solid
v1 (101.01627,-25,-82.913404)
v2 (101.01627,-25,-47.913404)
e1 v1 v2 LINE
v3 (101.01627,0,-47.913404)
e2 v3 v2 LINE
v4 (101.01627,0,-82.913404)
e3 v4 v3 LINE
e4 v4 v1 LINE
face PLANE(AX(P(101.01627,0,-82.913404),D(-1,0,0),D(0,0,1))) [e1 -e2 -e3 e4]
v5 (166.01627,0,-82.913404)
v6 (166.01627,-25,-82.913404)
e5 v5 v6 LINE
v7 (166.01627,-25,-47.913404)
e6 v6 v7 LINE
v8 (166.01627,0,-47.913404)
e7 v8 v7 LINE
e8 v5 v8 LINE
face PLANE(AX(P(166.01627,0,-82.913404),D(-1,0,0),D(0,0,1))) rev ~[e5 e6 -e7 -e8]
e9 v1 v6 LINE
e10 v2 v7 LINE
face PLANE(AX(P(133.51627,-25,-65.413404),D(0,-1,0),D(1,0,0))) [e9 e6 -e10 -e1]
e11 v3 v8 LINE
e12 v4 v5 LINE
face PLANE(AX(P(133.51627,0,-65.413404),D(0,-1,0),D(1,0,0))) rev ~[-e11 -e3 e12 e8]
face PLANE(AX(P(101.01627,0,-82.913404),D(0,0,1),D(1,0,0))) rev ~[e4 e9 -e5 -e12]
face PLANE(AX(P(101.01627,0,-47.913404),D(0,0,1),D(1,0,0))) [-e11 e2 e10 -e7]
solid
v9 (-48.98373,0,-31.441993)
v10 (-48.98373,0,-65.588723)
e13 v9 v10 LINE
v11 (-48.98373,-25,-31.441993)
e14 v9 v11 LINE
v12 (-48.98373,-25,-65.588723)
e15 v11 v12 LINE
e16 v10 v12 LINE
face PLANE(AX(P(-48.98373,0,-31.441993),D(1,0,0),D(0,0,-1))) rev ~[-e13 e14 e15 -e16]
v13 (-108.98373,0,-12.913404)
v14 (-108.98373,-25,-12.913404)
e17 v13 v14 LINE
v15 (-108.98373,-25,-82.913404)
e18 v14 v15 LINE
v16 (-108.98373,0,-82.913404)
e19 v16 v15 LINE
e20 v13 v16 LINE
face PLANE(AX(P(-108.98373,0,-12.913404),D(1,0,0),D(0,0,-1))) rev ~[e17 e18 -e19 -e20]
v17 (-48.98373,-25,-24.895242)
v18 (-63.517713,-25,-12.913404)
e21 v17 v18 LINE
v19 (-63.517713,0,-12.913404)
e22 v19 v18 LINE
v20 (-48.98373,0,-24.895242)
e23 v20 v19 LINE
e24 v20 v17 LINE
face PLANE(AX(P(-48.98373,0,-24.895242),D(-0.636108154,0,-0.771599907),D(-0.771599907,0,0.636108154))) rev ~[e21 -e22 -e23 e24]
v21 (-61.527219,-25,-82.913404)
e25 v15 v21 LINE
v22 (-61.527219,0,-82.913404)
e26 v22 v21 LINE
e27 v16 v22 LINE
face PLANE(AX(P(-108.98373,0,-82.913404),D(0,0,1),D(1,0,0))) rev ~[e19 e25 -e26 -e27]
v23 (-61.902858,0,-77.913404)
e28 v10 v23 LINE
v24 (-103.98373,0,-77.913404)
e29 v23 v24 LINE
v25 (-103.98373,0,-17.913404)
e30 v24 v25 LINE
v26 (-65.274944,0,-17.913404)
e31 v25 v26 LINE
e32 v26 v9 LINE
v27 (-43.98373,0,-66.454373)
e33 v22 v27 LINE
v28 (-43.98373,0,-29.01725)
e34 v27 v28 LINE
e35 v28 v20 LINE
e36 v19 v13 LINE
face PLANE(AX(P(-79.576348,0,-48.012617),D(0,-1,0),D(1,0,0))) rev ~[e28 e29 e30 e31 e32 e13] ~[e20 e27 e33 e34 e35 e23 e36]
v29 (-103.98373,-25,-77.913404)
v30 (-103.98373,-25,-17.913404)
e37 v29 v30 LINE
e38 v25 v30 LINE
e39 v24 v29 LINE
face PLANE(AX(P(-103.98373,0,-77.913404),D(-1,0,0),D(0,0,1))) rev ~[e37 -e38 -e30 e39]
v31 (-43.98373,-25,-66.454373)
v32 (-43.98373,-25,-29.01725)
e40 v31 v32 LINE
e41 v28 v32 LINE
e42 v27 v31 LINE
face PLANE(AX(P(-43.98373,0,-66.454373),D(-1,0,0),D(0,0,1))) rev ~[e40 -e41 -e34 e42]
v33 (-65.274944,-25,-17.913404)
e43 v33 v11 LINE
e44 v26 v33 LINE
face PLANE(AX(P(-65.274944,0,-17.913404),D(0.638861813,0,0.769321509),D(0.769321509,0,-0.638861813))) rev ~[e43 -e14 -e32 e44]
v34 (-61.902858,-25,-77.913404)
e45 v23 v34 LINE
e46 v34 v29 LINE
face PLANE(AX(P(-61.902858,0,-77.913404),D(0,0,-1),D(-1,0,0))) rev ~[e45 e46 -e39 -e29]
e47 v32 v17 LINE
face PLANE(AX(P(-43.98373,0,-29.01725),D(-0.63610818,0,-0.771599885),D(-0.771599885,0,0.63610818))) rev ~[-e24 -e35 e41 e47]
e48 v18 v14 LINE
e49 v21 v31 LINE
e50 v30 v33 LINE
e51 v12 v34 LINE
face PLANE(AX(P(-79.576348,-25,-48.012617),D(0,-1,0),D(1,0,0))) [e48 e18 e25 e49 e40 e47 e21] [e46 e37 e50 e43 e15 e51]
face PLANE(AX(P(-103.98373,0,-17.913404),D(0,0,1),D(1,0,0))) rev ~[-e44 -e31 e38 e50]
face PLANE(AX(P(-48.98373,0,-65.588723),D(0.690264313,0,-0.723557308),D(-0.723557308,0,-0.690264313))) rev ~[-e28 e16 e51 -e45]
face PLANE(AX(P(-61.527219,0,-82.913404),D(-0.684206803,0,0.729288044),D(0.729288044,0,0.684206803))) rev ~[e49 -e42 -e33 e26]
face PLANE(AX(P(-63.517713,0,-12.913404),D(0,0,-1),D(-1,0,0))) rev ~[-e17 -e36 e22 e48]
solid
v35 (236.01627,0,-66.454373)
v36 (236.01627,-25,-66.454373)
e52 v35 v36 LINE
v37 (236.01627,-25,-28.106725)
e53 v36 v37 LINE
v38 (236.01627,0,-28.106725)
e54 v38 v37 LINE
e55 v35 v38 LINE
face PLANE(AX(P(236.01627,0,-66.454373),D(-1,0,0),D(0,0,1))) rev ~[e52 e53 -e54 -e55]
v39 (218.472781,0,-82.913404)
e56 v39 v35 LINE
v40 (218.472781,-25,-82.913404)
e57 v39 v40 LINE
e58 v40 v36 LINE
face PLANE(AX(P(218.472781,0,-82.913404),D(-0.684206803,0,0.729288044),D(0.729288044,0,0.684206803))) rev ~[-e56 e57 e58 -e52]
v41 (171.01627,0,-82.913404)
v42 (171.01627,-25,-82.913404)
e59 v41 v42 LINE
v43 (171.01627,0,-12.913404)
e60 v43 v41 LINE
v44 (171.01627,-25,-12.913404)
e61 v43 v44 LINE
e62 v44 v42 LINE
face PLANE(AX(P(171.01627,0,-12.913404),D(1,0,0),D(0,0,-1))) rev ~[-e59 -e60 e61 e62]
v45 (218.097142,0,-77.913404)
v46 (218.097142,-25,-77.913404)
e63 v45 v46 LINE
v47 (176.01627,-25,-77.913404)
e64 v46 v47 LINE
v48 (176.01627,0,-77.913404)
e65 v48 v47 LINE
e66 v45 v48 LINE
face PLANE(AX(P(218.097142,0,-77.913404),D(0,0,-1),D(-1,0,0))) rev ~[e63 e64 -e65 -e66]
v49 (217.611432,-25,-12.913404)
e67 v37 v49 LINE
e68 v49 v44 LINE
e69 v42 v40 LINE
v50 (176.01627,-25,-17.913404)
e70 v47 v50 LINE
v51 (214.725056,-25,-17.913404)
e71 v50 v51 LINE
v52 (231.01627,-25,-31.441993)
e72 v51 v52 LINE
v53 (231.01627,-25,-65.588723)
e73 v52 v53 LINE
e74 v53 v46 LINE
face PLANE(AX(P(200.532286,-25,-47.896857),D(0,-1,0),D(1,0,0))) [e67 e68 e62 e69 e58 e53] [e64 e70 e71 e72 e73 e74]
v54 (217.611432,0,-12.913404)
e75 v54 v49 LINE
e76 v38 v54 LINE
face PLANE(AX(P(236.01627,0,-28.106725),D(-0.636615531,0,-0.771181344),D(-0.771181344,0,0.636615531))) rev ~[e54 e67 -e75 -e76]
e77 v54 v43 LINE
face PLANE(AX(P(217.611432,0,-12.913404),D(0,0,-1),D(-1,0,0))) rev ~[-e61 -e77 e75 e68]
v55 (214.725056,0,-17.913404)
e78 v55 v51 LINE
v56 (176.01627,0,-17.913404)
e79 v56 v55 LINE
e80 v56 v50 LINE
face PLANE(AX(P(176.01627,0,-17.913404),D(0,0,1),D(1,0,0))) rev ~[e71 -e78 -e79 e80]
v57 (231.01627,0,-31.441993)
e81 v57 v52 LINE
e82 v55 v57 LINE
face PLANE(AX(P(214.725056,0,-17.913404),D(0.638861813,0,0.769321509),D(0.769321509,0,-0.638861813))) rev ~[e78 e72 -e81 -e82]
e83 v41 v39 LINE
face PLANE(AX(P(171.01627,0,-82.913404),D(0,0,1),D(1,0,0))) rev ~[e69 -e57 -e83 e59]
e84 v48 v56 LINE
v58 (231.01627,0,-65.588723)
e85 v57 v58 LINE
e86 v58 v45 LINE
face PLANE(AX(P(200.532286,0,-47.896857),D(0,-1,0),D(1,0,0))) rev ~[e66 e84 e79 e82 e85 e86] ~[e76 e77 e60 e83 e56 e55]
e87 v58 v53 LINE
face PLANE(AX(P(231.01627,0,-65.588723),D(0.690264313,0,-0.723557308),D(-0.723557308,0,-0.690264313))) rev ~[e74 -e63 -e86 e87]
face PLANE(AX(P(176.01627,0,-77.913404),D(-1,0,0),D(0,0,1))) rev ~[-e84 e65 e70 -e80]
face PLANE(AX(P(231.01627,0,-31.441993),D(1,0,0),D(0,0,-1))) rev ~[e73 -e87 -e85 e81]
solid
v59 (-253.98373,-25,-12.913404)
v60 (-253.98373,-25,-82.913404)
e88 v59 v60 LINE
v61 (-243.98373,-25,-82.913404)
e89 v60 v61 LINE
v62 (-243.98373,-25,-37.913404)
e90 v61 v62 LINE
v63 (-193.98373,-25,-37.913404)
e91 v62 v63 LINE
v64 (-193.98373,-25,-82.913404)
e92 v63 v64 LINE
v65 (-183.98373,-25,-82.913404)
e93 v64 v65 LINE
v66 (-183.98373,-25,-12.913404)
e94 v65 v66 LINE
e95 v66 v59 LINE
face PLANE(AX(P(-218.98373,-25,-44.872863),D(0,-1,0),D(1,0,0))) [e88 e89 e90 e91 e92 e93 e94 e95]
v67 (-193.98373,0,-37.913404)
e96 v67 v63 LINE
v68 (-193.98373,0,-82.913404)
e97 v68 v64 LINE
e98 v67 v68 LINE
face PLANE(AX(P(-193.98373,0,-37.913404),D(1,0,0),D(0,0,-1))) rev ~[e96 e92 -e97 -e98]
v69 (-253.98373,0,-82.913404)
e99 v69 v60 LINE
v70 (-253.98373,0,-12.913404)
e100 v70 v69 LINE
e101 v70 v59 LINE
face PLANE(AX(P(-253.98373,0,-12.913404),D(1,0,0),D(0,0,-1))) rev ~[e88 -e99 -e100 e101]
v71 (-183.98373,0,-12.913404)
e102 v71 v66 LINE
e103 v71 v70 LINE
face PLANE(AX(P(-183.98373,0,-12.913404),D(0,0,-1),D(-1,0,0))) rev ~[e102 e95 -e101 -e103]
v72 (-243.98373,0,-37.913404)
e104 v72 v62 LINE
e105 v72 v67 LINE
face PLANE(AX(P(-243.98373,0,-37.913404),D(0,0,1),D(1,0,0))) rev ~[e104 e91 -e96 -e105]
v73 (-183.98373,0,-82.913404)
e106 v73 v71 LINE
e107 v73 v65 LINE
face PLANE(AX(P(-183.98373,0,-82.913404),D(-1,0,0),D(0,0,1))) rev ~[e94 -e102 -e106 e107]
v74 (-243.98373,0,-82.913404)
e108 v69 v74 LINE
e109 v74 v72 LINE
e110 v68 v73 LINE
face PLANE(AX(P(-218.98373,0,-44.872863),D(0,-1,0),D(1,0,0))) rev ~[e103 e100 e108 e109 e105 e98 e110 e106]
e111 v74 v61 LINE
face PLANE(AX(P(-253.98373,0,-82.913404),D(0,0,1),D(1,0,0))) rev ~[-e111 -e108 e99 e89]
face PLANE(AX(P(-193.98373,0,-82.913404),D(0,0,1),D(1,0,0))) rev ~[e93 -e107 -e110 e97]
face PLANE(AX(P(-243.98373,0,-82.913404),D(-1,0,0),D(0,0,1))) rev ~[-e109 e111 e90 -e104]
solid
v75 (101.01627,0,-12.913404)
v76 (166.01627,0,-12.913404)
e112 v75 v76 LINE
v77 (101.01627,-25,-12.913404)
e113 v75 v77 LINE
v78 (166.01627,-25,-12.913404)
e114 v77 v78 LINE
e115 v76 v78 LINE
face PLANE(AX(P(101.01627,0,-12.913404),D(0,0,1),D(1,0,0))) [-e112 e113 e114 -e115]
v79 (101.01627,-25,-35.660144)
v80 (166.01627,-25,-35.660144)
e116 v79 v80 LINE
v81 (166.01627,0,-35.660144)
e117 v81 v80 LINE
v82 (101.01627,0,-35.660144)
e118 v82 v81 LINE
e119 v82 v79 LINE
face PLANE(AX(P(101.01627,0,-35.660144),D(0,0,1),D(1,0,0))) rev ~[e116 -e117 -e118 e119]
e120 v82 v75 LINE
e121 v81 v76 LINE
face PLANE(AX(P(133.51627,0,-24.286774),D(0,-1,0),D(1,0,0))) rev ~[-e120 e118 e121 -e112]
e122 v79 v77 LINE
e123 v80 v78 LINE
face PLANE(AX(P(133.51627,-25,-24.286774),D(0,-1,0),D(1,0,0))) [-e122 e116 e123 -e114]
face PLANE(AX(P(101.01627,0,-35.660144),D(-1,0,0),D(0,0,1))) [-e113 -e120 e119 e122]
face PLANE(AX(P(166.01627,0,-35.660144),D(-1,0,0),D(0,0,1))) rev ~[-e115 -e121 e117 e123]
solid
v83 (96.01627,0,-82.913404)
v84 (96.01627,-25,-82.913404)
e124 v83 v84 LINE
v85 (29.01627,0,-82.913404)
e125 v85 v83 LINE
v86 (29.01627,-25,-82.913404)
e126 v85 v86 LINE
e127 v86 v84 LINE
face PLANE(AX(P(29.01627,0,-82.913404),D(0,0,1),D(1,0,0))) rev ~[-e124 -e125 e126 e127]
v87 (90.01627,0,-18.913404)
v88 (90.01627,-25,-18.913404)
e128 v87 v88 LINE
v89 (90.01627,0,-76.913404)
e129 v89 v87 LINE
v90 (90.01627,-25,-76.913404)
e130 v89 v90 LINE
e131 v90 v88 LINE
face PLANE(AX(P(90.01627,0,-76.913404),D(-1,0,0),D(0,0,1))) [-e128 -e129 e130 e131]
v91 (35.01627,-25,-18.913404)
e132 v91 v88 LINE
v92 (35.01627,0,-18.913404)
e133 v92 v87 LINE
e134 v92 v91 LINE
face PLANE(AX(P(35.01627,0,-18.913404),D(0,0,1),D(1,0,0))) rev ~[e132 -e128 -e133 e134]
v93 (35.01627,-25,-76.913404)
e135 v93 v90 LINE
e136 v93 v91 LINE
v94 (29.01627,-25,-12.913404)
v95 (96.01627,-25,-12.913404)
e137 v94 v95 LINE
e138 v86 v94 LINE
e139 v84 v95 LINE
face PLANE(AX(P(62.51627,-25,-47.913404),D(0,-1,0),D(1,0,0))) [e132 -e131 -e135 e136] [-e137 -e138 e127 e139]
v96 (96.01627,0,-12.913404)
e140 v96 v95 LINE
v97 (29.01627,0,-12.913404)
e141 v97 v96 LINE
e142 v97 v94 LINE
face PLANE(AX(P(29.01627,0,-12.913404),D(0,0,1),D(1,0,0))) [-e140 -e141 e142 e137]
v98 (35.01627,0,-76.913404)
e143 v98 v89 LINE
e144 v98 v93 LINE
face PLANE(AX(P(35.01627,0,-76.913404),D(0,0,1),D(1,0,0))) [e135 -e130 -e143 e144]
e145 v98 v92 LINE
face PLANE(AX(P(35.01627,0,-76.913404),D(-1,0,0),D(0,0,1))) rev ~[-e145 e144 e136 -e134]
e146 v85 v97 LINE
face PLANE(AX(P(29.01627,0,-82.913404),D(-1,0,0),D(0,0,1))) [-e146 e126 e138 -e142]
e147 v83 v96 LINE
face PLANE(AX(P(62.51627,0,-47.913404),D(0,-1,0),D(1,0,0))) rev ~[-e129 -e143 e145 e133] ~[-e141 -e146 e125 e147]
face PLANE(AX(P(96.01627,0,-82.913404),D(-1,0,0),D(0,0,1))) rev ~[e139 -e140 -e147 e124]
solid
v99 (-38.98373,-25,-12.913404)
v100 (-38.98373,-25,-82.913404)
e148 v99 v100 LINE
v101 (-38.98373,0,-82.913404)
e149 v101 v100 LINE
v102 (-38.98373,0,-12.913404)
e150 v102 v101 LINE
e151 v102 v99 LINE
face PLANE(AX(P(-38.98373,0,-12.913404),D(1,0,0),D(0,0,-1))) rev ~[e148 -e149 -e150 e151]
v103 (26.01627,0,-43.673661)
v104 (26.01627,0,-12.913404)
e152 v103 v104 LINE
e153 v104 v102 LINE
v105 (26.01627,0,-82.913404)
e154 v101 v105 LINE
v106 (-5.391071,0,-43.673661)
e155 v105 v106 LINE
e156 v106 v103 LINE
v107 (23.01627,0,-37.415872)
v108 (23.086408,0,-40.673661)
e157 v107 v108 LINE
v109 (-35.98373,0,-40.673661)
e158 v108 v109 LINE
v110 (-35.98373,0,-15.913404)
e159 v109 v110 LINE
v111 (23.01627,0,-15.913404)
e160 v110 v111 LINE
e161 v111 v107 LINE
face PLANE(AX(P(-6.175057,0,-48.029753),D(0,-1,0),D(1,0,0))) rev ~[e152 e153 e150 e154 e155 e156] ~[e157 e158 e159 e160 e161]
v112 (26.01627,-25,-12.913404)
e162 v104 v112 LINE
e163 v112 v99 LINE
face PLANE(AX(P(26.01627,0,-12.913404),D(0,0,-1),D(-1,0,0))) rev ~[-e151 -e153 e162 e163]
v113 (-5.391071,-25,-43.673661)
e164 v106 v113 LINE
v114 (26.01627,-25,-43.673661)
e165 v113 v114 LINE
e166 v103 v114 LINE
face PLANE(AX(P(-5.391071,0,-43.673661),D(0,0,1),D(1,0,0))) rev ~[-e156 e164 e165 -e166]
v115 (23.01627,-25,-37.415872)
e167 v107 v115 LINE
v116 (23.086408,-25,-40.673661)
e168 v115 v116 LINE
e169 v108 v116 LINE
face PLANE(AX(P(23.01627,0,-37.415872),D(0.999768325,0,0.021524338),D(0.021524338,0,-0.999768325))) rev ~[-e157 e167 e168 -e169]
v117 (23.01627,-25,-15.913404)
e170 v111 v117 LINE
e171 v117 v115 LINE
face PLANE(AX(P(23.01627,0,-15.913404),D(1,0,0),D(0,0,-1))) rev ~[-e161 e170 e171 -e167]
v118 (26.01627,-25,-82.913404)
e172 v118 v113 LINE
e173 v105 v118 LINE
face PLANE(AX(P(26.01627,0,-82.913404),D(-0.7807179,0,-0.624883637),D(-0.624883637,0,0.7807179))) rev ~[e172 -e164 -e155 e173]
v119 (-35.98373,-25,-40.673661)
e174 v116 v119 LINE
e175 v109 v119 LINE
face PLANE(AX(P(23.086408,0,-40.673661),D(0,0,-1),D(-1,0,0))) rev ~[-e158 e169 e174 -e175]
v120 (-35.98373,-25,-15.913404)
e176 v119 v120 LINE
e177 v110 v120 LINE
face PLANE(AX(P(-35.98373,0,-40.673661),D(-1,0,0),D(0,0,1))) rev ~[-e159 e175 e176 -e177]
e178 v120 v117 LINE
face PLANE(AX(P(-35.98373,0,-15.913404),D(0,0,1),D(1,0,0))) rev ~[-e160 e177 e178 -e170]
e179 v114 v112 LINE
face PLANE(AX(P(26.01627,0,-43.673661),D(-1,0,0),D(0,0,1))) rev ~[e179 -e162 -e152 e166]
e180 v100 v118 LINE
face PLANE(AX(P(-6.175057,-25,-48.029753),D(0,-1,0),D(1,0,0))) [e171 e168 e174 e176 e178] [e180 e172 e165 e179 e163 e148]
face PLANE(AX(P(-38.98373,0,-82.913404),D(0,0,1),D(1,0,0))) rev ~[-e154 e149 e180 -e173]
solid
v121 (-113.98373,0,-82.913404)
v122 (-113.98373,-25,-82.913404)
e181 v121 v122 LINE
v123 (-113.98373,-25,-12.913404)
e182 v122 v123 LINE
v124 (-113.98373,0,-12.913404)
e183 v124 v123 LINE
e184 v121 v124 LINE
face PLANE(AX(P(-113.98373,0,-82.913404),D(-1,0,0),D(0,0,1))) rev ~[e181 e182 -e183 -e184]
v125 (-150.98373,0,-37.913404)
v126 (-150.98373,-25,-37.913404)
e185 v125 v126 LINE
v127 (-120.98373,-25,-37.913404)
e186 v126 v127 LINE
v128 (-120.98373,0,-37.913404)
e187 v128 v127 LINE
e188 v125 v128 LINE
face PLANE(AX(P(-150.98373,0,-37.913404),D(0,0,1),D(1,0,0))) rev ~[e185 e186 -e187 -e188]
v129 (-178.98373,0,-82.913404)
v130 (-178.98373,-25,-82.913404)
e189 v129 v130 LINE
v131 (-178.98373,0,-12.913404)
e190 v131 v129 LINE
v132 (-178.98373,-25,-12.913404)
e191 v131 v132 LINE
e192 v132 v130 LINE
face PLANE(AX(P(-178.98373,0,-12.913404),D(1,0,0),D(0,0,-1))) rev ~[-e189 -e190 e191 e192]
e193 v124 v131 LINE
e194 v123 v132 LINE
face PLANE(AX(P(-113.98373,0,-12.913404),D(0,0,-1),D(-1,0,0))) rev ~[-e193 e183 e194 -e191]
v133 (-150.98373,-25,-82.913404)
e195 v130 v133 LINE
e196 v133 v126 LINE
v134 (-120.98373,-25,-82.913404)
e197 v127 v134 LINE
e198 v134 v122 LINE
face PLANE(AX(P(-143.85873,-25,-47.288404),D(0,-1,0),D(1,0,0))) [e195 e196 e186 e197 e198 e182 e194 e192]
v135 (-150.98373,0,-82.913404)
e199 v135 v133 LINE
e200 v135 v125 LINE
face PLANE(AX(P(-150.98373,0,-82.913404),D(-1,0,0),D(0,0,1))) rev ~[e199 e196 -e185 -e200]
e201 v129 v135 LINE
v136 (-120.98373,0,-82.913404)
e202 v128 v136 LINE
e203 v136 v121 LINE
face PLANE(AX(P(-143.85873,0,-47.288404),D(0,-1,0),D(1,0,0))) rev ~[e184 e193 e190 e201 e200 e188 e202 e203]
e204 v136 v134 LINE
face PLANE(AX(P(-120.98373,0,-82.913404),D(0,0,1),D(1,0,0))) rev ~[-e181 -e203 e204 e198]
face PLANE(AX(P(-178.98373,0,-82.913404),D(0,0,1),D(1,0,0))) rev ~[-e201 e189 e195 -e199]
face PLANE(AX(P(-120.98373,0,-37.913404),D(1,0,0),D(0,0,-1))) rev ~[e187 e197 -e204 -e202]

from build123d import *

# Parameters (mm, degrees)
F0_W     = 67
F0_H     = 70
F0_W_2   = 55
F0_H_2   = 58
F0_W_3   = 65
F0_H_3   = 22.74674
F0_H_4   = 35
F1_DEPTH = 25


with BuildPart() as f1:
    # F0 (on Front) → F1 (new body)
    with BuildSketch(Plane.XZ):
        Polygon((-183.98373, -12.913404), (-253.98373, -12.913404), (-253.98373, -82.913404), (-243.98373, -82.913404), (-243.98373, -37.913404), (-193.98373, -37.913404), (-193.98373, -82.913404), (-183.98373, -82.913404), align=None)
        Polygon((236.01627, -66.454373), (236.01627, -28.106725), (217.611432, -12.913404), (171.01627, -12.913404), (171.01627, -82.913404), (218.472781, -82.913404), align=None)
        Polygon((176.01627, -77.913404), (176.01627, -22.913404), (176.01627, -17.913404), (214.725056, -17.913404), (231.01627, -31.441993), (231.01627, -65.588723), (218.097142, -77.913404), align=None, mode=Mode.SUBTRACT)
        Polygon((-150.98373, -12.913404), (-178.98373, -12.913404), (-178.98373, -37.913404), (-178.98373, -82.913404), (-150.98373, -82.913404), (-150.98373, -37.913404), (-120.98373, -37.913404), (-120.98373, -82.913404), (-113.98373, -82.913404), (-113.98373, -38.678783), (-113.98373, -37.913404), (-113.98373, -12.913404), align=None)
        Polygon((-63.517713, -12.913404), (-108.98373, -12.913404), (-108.98373, -82.913404), (-61.527219, -82.913404), (-43.98373, -66.454373), (-43.98373, -29.01725), (-48.98373, -24.895242), align=None)
        Polygon((-65.274944, -17.913404), (-48.98373, -31.441993), (-48.98373, -65.588723), (-61.902858, -77.913404), (-103.98373, -77.913404), (-103.98373, -22.913404), (-103.98373, -17.913404), align=None, mode=Mode.SUBTRACT)
        Polygon((26.01627, -12.913404), (-38.98373, -12.913404), (-38.98373, -40.415872), (-38.98373, -82.913404), (-5.141227, -82.913404), (26.01627, -82.913404), (-5.391071, -43.673661), (26.01627, -43.673661), (26.01627, -40.415872), align=None)
        Polygon((-35.98373, -37.415872), (-35.98373, -15.913404), (23.01627, -15.913404), (23.01627, -37.415872), (23.086408, -40.673661), (-35.98373, -40.673661), align=None, mode=Mode.SUBTRACT)
        with Locations((62.51627, -47.913404)):
            Rectangle(F0_W, F0_H)
        with Locations((62.51627, -47.913404)):
            Rectangle(F0_W_2, F0_H_2, mode=Mode.SUBTRACT)
        with Locations((133.51627, -24.286774)):
            Rectangle(F0_W_3, F0_H_3)
        with Locations((133.51627, -65.413404)):
            Rectangle(F0_W_3, F0_H_4)
    extrude(amount=F1_DEPTH)


solid = f1.part
